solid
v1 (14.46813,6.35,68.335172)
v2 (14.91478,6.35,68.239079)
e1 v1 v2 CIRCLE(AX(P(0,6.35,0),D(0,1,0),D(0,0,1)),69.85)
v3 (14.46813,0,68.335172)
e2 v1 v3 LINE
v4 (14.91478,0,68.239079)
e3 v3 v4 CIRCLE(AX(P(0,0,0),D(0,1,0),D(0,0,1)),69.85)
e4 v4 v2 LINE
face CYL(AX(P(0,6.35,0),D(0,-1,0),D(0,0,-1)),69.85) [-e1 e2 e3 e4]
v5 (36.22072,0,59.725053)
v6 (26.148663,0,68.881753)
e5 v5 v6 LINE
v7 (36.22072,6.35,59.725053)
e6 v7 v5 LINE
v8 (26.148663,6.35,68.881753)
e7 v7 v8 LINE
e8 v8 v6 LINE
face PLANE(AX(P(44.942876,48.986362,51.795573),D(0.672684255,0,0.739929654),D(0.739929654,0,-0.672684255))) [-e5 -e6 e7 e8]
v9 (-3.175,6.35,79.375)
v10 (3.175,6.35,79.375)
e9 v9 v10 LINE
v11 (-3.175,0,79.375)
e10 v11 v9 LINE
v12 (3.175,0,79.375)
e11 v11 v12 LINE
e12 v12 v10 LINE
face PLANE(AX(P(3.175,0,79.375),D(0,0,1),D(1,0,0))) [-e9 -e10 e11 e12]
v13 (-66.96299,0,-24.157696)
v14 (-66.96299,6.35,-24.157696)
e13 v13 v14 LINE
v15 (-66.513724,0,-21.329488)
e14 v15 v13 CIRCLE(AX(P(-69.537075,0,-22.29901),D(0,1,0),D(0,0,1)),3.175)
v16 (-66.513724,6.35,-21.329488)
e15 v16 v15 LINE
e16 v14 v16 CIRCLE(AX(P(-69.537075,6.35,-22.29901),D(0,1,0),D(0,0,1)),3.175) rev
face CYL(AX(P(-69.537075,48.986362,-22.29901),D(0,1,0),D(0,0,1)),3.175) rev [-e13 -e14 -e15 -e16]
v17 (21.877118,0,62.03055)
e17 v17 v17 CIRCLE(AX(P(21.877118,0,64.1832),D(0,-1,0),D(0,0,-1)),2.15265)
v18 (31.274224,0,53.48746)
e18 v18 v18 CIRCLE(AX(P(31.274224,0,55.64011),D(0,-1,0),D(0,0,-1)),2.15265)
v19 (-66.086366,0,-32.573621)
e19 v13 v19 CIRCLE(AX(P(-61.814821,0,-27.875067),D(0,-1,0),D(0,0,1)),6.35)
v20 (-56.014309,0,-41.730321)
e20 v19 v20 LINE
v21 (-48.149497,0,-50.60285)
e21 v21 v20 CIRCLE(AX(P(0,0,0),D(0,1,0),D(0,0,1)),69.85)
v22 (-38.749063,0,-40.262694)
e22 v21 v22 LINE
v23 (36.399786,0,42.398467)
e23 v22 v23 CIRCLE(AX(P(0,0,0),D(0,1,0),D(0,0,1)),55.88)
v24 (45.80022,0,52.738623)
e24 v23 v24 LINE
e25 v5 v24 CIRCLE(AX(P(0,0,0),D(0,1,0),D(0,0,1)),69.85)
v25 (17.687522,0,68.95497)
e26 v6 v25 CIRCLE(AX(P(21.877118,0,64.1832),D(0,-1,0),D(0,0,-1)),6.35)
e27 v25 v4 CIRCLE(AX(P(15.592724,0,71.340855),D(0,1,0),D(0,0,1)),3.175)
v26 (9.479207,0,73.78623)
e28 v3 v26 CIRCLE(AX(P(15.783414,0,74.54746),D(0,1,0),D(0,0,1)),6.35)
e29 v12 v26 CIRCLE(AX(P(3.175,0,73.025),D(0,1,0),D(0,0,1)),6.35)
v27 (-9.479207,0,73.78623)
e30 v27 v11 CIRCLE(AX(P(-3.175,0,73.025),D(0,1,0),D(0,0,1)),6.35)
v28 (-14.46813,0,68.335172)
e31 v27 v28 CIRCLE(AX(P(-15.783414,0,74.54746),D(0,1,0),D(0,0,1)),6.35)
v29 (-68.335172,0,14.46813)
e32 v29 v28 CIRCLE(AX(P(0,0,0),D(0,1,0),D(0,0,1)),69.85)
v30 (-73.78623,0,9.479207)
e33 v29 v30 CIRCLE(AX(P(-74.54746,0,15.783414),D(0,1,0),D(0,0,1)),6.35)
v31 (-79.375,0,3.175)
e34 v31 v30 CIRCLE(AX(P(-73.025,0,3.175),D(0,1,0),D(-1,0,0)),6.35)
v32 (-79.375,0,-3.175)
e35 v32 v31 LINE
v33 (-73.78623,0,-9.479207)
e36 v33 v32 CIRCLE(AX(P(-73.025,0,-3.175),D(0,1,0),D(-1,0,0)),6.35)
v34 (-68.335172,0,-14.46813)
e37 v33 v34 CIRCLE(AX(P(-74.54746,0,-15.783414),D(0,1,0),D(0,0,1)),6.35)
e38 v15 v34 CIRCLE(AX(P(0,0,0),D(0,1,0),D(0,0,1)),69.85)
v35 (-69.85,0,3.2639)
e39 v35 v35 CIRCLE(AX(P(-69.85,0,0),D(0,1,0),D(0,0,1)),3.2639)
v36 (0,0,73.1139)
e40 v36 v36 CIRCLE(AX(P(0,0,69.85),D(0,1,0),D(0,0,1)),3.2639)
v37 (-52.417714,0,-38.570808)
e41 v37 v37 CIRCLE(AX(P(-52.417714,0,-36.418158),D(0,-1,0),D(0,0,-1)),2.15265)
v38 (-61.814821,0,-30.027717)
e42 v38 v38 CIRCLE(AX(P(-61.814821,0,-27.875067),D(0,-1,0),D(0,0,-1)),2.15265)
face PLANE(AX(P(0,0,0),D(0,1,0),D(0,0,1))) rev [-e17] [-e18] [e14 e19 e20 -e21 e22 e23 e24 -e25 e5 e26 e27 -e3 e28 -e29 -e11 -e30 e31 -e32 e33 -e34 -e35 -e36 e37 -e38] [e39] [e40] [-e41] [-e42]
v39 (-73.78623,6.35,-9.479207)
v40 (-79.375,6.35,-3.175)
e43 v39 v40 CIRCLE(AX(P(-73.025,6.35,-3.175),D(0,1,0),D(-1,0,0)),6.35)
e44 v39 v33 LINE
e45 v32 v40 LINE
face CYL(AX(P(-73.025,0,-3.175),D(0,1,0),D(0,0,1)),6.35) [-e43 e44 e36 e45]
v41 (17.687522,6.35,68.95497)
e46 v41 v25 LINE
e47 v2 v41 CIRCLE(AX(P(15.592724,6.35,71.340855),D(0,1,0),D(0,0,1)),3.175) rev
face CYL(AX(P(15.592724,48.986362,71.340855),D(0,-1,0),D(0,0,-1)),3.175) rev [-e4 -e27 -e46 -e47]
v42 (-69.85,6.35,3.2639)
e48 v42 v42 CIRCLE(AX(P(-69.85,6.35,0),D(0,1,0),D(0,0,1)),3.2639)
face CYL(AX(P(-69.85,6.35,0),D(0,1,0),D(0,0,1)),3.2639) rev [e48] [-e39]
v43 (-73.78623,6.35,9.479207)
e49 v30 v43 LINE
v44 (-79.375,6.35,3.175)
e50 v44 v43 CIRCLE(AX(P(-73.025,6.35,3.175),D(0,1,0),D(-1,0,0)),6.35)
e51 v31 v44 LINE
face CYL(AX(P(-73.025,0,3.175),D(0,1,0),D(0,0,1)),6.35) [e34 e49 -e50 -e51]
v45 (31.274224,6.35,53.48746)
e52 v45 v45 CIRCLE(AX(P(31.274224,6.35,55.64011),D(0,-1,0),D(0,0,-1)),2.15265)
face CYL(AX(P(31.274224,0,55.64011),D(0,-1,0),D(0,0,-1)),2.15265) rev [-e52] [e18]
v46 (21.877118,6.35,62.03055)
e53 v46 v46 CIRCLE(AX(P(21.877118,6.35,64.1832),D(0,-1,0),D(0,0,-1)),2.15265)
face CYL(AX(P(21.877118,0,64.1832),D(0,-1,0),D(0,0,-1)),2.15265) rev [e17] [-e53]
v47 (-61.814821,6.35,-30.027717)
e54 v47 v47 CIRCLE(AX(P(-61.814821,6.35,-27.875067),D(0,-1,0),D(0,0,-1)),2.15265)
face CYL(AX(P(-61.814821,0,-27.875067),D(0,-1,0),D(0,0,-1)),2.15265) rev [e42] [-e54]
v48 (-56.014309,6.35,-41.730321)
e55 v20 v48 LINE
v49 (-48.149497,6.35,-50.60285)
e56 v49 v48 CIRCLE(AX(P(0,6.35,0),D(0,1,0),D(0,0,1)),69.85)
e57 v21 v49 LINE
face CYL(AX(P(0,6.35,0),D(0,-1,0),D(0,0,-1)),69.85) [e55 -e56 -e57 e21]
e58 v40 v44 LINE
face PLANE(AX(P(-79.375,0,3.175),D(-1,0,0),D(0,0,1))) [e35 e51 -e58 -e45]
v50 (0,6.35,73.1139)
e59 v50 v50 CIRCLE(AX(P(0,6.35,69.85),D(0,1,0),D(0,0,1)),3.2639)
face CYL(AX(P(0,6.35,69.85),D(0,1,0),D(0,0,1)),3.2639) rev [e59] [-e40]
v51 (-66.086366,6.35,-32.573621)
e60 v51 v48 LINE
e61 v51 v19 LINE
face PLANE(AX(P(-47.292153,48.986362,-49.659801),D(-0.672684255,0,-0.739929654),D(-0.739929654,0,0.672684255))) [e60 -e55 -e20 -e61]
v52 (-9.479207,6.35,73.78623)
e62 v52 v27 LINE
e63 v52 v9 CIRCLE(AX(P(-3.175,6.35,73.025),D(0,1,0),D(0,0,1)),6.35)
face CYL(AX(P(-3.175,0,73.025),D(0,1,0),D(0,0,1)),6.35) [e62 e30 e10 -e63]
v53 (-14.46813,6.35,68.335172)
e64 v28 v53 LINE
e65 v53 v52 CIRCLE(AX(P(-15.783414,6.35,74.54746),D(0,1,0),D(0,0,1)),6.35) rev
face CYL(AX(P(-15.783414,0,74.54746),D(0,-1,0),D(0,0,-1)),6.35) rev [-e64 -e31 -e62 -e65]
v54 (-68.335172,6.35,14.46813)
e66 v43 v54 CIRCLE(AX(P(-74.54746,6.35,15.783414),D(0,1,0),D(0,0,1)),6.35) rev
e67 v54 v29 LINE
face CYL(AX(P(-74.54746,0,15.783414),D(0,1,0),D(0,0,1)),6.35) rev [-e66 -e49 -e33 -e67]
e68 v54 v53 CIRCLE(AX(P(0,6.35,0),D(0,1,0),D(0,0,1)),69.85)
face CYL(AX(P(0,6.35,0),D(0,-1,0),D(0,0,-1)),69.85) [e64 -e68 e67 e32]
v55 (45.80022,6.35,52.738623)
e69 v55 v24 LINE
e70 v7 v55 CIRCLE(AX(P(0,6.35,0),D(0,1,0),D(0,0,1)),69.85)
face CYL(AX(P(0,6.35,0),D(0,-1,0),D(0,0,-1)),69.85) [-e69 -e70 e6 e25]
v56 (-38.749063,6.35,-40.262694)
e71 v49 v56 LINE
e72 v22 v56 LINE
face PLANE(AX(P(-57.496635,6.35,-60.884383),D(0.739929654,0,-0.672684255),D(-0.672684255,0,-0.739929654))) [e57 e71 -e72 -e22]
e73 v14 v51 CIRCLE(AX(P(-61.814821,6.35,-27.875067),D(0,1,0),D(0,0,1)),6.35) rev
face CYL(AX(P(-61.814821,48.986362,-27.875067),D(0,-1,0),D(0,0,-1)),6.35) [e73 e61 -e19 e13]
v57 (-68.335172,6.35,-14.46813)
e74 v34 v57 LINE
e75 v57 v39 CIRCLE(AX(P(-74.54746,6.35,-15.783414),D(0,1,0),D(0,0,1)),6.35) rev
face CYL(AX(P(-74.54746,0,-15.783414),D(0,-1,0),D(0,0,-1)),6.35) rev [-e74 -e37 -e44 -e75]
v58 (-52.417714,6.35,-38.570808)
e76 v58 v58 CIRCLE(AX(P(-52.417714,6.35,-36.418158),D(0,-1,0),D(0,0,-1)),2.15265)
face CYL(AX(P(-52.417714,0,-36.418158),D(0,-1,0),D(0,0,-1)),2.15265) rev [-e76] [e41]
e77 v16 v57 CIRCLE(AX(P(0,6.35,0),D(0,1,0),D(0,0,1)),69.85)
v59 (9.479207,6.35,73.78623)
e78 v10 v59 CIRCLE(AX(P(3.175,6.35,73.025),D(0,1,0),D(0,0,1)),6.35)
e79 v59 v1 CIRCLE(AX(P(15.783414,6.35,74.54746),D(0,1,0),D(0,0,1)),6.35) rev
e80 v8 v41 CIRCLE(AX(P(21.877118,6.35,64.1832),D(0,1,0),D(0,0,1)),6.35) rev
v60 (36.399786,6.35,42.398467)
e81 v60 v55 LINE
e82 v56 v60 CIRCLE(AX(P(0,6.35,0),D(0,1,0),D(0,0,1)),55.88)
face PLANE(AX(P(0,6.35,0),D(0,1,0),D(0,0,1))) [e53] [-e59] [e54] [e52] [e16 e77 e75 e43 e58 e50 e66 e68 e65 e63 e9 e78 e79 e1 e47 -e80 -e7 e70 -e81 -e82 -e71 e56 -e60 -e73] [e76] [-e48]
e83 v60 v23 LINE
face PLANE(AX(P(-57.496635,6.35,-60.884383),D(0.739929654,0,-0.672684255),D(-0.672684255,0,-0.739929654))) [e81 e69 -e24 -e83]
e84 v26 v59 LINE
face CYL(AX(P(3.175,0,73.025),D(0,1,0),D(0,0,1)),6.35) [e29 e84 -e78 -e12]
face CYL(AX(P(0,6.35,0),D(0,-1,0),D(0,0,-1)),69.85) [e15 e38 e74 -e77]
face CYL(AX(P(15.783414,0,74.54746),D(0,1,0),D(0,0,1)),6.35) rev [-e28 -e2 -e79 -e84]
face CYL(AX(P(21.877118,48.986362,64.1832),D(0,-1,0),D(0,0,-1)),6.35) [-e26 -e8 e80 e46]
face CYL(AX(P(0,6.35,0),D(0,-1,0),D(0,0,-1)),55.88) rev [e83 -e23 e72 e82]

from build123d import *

# Parameters (mm, degrees)
SKETCH1_R                    = 69.85
SKETCH1_R_2                  = 55.88
BOSS_EXTRUDE1_DEPTH          = 6.35
BOSS_EXTRUDE2_DEPTH          = 6.35
FILLET1_R                    = 6.35
CIRPATTERN2_COUNT            = 4
FILLET1_OF_CIRPATTERN2_R     = 6.35
F_0_257_DIAMETER_HOLE1_D     = 6.5278
CIRPATTERN1_COUNT            = 4
SKETCH6_R                    = 3.2639
CUT_EXTRUDE1_DEPTH           = 7.3500001
BOSS_EXTRUDE4_DEPTH          = 6.35
FILLET3_R                    = 3.175
F_18_0_1695_DIAMETER_HOLE1_D = 4.3053


with BuildPart() as part:
    # Sketch1 → Boss-Extrude1 (new body)
    with BuildSketch(Plane(origin=(0, 0, 0), x_dir=(1, 0, 0), z_dir=(0, 1, 0))):
        Circle(SKETCH1_R)
        Circle(SKETCH1_R_2, mode=Mode.SUBTRACT)
    extrude(amount=BOSS_EXTRUDE1_DEPTH)

    # Sketch5 → Boss-Extrude2 (add)
    with BuildSketch(Plane(origin=(0, 6.35, 0), x_dir=(1, 0, 0), z_dir=(0, 1, 0))):
        with BuildLine():
            Line((-9.525, 63.5), (9.525, 63.5))
            Line((9.525, 63.5), (9.525, 73.025))
            ThreePointArc((9.525, 73.025), (7.665128061, 77.515128061), (3.175, 79.375))
            Line((3.175, 79.375), (-3.175, 79.375))
            ThreePointArc((-3.175, 79.375), (-7.665128061, 77.515128061), (-9.525, 73.025))
            Line((-9.525, 73.025), (-9.525, 63.5))
        make_face()
    boss_extrude2 = extrude(amount=-BOSS_EXTRUDE2_DEPTH)

    # Fillet1
    fillet1_edges = [part.edges().sort_by_distance(p)[0] for p in [
        (9.525, 3.175, -69.197520729),
        (-9.525, 3.175, -69.197520729),
    ]]
    fillet(fillet1_edges, radius=FILLET1_R)

    # CirPattern2: Boss-Extrude2 ×4 about axis
    cirpattern2_axis = Axis((0, 0, 0), (0, 1, 0))
    for i in range(1, CIRPATTERN2_COUNT):
        add(boss_extrude2.rotate(cirpattern2_axis, i * 360 / CIRPATTERN2_COUNT))

    # Fillet1 of CirPattern2
    fillet1_of_cirpattern2_edges = [part.edges().sort_by_distance(p)[0] for p in [
        (-69.197520729, 3.175, -9.525),
        (-69.197520729, 3.175, 9.525),
        (-9.525, 3.175, 69.197520729),
        (9.525, 3.175, 69.197520729),
        (69.197520729, 3.175, 9.525),
        (69.197520729, 3.175, -9.525),
    ]]
    fillet(fillet1_of_cirpattern2_edges, radius=FILLET1_OF_CIRPATTERN2_R)

    # F (0.257) Diameter Hole1 (through all)
    with Locations(Plane(origin=(0, 6.35, 0), x_dir=(1, 0, 0), z_dir=(0, 1, 0))):
        with Locations((69.85, 0)):
            f_0_257_diameter_hole1 = Hole(F_0_257_DIAMETER_HOLE1_D / 2)

    # CirPattern1: F (0.257) Diameter Hole1 ×4 about axis
    cirpattern1_axis = Axis((0, 0, 0), (0, 1, 0))
    for i in range(1, CIRPATTERN1_COUNT):
        add(f_0_257_diameter_hole1.rotate(cirpattern1_axis, i * 360 / CIRPATTERN1_COUNT), mode=Mode.SUBTRACT)

    # Sketch6 → Cut-Extrude1 (cut, through all)
    with BuildSketch(Plane.XZ):
        with BuildLine():
            Line((-38.749062578, -40.262694263), (-48.149496878, -50.60285022))
            ThreePointArc((-48.149496878, -50.60285022), (-46.98699519, -51.684086361), (-45.800220226, -52.738622728))
            Line((-45.800220226, -52.738622728), (-36.399785925, -42.398466772))
            ThreePointArc((-36.399785925, -42.398466772), (-37.589596152, -41.347269089), (-38.749062578, -40.262694263))
        make_face()
        with BuildLine():
            Line((-36.399785925, -42.398466772), (-45.800220226, -52.738622728))
            ThreePointArc((-45.800220226, -52.738622728), (-31.12686289, -62.531119506), (-14.468129908, -68.335171888))
            add(Edge.make_bspline(
                [(-14.468129908, -68.335171888), (-14.283432872, -68.374276505), (-14.099232, -68.420160929), (-13.915921077, -68.472867364), (-13.733896872, -68.532401891), (-13.553556281, -68.598733654), (-13.249844138, -68.723208999), (-13.125423196, -68.77795645), (-13.002168013, -68.83601258), (-12.88021375, -68.897344809), (-12.759693358, -68.961911786), (-12.355694209, -69.192010649), (-12.079622266, -69.372650227), (-11.814338628, -69.570883737), (-11.56151572, -69.78574391), (-11.322668236, -70.016027336), (-10.782274905, -70.606478562), (-10.496090022, -70.980818219), (-10.244386574, -71.379158998), (-10.029870298, -71.796677829), (-9.854233948, -72.228125174), (-9.660927551, -72.851945664), (-9.610789898, -73.037441883), (-9.567571656, -73.224014536), (-9.531268493, -73.411265552), (-9.501839293, -73.598800252), (-9.479207222, -73.786230121)],
                knots=[0, 0, 0, 0, 0, 0, 0, 0.147493178, 0.147493178, 0.147493178, 0.147493178, 0.147493178, 0.251288922, 0.251288922, 0.251288922, 0.251288922, 0.251288922, 0.500005624, 0.500005624, 0.500005624, 0.500005624, 0.500005624, 0.852506427, 0.852506427, 0.852506427, 0.852506427, 0.852506427, 1, 1, 1, 1, 1, 1, 1], degree=6))
            ThreePointArc((-9.479207222, -73.786230121), (-7.387403633, -77.776647676), (-3.175, -79.375))
            Line((-3.175, -79.375), (3.175, -79.375))
            ThreePointArc((3.175, -79.375), (7.387403633, -77.776647676), (9.479207222, -73.786230121))
            add(Edge.make_bspline(
                [(14.468129908, -68.335171888), (14.283432872, -68.374276505), (14.099232, -68.420160929), (13.915921077, -68.472867364), (13.733896872, -68.532401891), (13.553556281, -68.598733654), (13.249844138, -68.723208999), (13.125423196, -68.77795645), (13.002168013, -68.83601258), (12.88021375, -68.897344809), (12.759693358, -68.961911786), (12.355694209, -69.192010649), (12.079622266, -69.372650227), (11.814338628, -69.570883737), (11.56151572, -69.78574391), (11.322668236, -70.016027336), (10.782274905, -70.606478562), (10.496090022, -70.980818219), (10.244386574, -71.379158998), (10.029870298, -71.796677829), (9.854233948, -72.228125174), (9.660927551, -72.851945664), (9.610789898, -73.037441883), (9.567571656, -73.224014536), (9.531268493, -73.411265552), (9.501839293, -73.598800252), (9.479207222, -73.786230121)],
                knots=[0, 0, 0, 0, 0, 0, 0, 0.147493178, 0.147493178, 0.147493178, 0.147493178, 0.147493178, 0.251288922, 0.251288922, 0.251288922, 0.251288922, 0.251288922, 0.500005624, 0.500005624, 0.500005624, 0.500005624, 0.500005624, 0.852506427, 0.852506427, 0.852506427, 0.852506427, 0.852506427, 1, 1, 1, 1, 1, 1, 1], degree=6))
            ThreePointArc((14.468129908, -68.335171888), (49.391408666, -49.391408666), (68.335171888, -14.468129908))
            add(Edge.make_bspline(
                [(68.335171888, -14.468129908), (68.374276505, -14.283432872), (68.420160929, -14.099232), (68.472867364, -13.915921077), (68.532401891, -13.733896872), (68.598733654, -13.553556281), (68.846403967, -12.949256038), (69.059475497, -12.535015212), (69.310044177, -12.138083802), (69.595960031, -11.763541247), (69.914101744, -11.415952673), (70.50455297, -10.875559342), (70.762813807, -10.667280882), (71.033632627, -10.475600201), (71.315394329, -10.301582166), (71.606347562, -10.146042489), (72.029097801, -9.952540464), (72.154851861, -9.898875057), (72.281748365, -9.84855844), (72.409651228, -9.801620057), (72.53842294, -9.758080416), (72.851945664, -9.660927551), (73.037441883, -9.610789898), (73.224014536, -9.567571656), (73.411265552, -9.531268493), (73.598800252, -9.501839293), (73.786230121, -9.479207222)],
                knots=[0, 0, 0, 0, 0, 0, 0, 0.147493573, 0.147493573, 0.147493573, 0.147493573, 0.147493573, 0.499994376, 0.499994376, 0.499994376, 0.499994376, 0.499994376, 0.748711078, 0.748711078, 0.748711078, 0.748711078, 0.748711078, 0.852506822, 0.852506822, 0.852506822, 0.852506822, 0.852506822, 1, 1, 1, 1, 1, 1, 1], degree=6))
            ThreePointArc((73.786230121, -9.479207222), (77.776647676, -7.387403633), (79.375, -3.175))
            Line((79.375, -3.175), (79.375, 3.175))
            ThreePointArc((79.375, 3.175), (77.776647676, 7.387403633), (73.786230121, 9.479207222))
            add(Edge.make_bspline(
                [(68.335171888, 14.468129908), (68.374276505, 14.283432872), (68.420160929, 14.099232), (68.472867364, 13.915921077), (68.532401891, 13.733896872), (68.598733654, 13.553556281), (68.846403967, 12.949256038), (69.059475497, 12.535015212), (69.310044177, 12.138083802), (69.595960031, 11.763541247), (69.914101744, 11.415952673), (70.50455297, 10.875559342), (70.762813807, 10.667280882), (71.033632627, 10.475600201), (71.315394329, 10.301582166), (71.606347562, 10.146042489), (72.029097801, 9.952540464), (72.154851861, 9.898875057), (72.281748365, 9.84855844), (72.409651228, 9.801620057), (72.53842294, 9.758080416), (72.851945664, 9.660927551), (73.037441883, 9.610789898), (73.224014536, 9.567571656), (73.411265552, 9.531268493), (73.598800252, 9.501839293), (73.786230121, 9.479207222)],
                knots=[0, 0, 0, 0, 0, 0, 0, 0.147493573, 0.147493573, 0.147493573, 0.147493573, 0.147493573, 0.499994376, 0.499994376, 0.499994376, 0.499994376, 0.499994376, 0.748711078, 0.748711078, 0.748711078, 0.748711078, 0.748711078, 0.852506822, 0.852506822, 0.852506822, 0.852506822, 0.852506822, 1, 1, 1, 1, 1, 1, 1], degree=6))
            ThreePointArc((68.335171888, 14.468129908), (60.980316639, 34.064989103), (48.149496878, 50.60285022))
            Line((48.149496878, 50.60285022), (38.749062578, 40.262694263))
            ThreePointArc((38.749062578, 40.262694263), (51.419218279, 21.877805913), (55.88, 0))
            ThreePointArc((55.88, 0), (23.329748847, -50.776935894), (-36.399785925, -42.398466772))
        make_face()
        with Locations((0, -69.85)):
            Circle(SKETCH6_R, mode=Mode.SUBTRACT)
        with Locations((69.85, 0)):
            Circle(SKETCH6_R, mode=Mode.SUBTRACT)
        with BuildLine():
            Line((45.800220226, 52.738622728), (36.399785925, 42.398466772))
            ThreePointArc((36.399785925, 42.398466772), (37.589596152, 41.347269089), (38.749062578, 40.262694263))
            Line((38.749062578, 40.262694263), (48.149496878, 50.60285022))
            ThreePointArc((48.149496878, 50.60285022), (46.98699519, 51.684086361), (45.800220226, 52.738622728))
        make_face()
    extrude(amount=-CUT_EXTRUDE1_DEPTH, mode=Mode.SUBTRACT)

    # Sketch8 → Boss-Extrude4 (add)
    with BuildSketch(Plane(origin=(0, 0, 0), x_dir=(-1, 0, 0), z_dir=(0, -1, 0))):
        with BuildLine():
            Line((47.292152613, 49.659800874), (38.749062578, 40.262694263))
            Line((38.749062578, 40.262694263), (62.241829106, 18.904969177))
            Line((62.241829106, 18.904969177), (66.513374123, 23.603522482))
            ThreePointArc((66.513374123, 23.603522482), (68.15763817, 28.177007956), (66.086365835, 32.573620805))
            Line((66.086365835, 32.573620805), (47.292152613, 49.659800874))
        make_face()
        with BuildLine():
            Line((-36.399785925, -42.398466772), (-44.94287596, -51.795573383))
            Line((-44.94287596, -51.795573383), (-26.148662738, -68.881753452))
            ThreePointArc((-26.148662738, -68.881753452), (-21.575177264, -70.526017499), (-17.178564415, -68.454745164))
            Line((-17.178564415, -68.454745164), (-12.907019398, -63.756191858))
            Line((-12.907019398, -63.756191858), (-36.399785925, -42.398466772))
        make_face()
    extrude(amount=-BOSS_EXTRUDE4_DEPTH)

    # Fillet3
    fillet3_edges = [part.edges().sort_by_distance(p)[0] for p in [
        (-65.95747234, 3.175, -22.992049549),
        (16.622662632, 3.175, 67.843272231),
    ]]
    fillet(fillet3_edges, radius=FILLET3_R)

    # #18 (0.1695) Diameter Hole1 (through all)
    with Locations(Plane(origin=(0, 0, 0), x_dir=(-1, 0, 0), z_dir=(0, -1, 0))):
        with Locations((61.814820818, 27.875067499), (52.417714206, 36.418157534)):
            f_18_0_1695_diameter_hole1 = Hole(F_18_0_1695_DIAMETER_HOLE1_D / 2)

    # Mirror8: #18 (0.1695) Diameter Hole1 across plane
    add(f_18_0_1695_diameter_hole1.mirror(Plane(origin=(0, 0, 0), x_dir=(-0.739929654, 0, 0.672684255), z_dir=(-0.672684255, 0, -0.739929654))), mode=Mode.SUBTRACT)


solid = part.part
